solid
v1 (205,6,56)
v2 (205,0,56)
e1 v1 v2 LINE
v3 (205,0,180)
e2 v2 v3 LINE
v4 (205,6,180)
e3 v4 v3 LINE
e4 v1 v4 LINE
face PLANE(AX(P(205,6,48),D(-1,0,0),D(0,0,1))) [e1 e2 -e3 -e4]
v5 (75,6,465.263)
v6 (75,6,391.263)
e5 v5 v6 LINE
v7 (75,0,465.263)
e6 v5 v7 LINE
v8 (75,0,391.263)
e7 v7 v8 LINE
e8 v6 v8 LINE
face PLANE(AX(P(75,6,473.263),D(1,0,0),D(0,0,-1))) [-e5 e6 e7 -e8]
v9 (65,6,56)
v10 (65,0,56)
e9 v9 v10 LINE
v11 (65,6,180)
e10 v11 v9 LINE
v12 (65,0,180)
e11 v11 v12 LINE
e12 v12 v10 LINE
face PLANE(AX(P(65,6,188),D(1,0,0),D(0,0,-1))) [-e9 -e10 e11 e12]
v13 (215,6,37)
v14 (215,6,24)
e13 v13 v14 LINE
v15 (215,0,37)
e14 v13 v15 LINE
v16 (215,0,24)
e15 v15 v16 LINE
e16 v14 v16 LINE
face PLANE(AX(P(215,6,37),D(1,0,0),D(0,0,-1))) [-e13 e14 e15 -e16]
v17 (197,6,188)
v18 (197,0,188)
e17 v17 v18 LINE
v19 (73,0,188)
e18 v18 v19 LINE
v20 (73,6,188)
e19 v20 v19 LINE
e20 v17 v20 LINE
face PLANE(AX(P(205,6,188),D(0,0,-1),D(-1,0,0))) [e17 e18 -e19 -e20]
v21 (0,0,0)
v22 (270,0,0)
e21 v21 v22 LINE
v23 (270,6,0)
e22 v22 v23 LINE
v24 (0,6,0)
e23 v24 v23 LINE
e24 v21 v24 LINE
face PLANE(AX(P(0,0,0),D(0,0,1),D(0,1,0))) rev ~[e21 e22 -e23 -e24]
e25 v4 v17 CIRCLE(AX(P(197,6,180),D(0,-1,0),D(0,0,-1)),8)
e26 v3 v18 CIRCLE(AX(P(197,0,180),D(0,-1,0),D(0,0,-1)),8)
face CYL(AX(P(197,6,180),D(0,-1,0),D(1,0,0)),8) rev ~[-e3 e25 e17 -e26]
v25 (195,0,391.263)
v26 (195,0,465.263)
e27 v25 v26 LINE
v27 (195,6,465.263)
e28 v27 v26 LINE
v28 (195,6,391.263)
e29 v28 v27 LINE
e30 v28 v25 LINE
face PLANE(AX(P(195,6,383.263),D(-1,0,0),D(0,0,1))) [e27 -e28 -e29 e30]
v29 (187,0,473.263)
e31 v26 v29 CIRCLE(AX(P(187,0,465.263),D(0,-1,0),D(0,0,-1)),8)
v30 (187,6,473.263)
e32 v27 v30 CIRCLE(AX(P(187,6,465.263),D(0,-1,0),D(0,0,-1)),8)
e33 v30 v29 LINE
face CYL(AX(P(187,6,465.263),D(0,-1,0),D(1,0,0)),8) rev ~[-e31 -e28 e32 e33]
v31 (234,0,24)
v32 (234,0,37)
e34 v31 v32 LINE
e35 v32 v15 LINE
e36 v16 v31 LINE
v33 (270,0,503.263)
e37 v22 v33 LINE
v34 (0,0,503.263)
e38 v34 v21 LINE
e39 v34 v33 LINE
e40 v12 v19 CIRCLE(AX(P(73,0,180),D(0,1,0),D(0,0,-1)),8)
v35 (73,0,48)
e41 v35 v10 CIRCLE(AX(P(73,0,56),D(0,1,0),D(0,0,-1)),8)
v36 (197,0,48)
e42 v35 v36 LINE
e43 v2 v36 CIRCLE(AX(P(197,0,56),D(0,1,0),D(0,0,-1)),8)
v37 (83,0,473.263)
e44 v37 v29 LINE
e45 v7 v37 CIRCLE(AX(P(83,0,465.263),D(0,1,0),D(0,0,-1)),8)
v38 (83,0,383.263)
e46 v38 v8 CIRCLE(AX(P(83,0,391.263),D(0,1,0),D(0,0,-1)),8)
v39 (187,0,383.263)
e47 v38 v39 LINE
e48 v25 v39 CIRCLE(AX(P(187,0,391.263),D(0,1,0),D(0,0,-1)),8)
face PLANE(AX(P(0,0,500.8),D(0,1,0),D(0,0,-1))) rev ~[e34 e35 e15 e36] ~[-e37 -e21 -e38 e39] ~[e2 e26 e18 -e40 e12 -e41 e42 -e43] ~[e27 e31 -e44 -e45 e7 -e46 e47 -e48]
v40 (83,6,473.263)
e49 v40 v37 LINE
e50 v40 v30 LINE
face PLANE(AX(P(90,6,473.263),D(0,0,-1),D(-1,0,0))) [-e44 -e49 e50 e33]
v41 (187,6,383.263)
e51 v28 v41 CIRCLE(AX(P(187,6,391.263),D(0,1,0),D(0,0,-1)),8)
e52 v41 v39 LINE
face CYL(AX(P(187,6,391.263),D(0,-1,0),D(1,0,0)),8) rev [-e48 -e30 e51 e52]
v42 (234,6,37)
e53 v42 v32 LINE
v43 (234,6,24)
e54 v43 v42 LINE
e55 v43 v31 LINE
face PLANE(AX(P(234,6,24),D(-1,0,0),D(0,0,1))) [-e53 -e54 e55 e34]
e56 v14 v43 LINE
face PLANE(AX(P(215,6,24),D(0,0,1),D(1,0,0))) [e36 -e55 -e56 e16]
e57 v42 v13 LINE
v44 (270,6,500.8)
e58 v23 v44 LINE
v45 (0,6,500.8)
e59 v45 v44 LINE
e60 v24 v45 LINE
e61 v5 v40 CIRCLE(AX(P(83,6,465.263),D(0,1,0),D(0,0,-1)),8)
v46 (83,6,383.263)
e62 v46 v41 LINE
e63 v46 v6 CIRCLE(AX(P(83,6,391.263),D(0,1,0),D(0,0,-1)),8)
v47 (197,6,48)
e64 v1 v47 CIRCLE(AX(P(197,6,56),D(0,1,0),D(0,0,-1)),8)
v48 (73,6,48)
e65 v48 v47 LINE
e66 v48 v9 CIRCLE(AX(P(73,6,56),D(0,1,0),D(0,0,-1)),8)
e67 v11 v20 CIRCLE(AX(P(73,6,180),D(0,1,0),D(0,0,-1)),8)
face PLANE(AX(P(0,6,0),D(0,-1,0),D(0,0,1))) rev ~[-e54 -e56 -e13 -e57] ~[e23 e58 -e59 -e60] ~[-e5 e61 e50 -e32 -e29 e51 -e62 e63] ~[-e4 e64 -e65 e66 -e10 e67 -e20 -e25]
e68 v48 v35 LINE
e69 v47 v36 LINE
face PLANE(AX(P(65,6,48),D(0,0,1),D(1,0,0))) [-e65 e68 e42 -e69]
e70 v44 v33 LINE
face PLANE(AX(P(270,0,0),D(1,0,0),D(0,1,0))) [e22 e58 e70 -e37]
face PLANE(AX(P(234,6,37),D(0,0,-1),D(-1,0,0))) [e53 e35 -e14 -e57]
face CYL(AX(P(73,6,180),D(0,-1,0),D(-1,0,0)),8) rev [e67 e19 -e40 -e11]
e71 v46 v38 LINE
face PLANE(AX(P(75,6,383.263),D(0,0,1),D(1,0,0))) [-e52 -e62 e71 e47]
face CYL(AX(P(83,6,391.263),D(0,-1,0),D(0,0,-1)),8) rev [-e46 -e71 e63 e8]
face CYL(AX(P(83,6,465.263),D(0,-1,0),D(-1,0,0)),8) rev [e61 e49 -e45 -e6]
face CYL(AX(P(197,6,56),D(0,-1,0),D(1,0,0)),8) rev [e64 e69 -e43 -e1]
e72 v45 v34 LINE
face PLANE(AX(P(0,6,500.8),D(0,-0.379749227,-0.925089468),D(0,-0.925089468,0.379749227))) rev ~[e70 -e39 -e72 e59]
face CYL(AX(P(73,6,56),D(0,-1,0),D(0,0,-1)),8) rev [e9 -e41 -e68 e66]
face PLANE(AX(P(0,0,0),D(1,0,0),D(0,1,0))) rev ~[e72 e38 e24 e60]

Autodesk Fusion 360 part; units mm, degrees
sketch "Back Panel" plane through (0, 0, 0) normal (1, 0, 0) x (0, 1, 0)
  line L0 (0, 0) -> (6, 0)
  line L1 (6, 0) -> (6, 500.8)
  line L2 (0, 500.8) -> (0, 0)
  line L3 (0, 500.8) -> (0, 503.263)
  line L4 (6, 500.8) -> (0, 503.263)
  dimension "d8" = 6
  dimension "d9" = 500.8
  dimension "d10" = 2.463
  dimension "d11" = 112.318
extrude "Extrude2" add sketch "Back Panel" along normal blind 270
sketch "Switch Hole" plane through (0, 6, 0) normal (0, 1, 0) x (-1, 0, 0)
  line L0 (0, 0) -> (0, 500.8)
  line L1 (0, 500.8) -> (-270, 500.8)
  line L2 (-270, 500.8) -> (-270, 0)
  line L3 (-270, 0) -> (0, 0)
  line L4 (-234, 37) -> (-215, 37)
  line L5 (-215, 37) -> (-215, 24)
  line L6 (-215, 24) -> (-234, 24)
  line L7 (-234, 24) -> (-234, 37)
  dimension "d14" = 19
  dimension "d15" = 13
  dimension "d16" = 36
  dimension "d17" = 24
extrude "Extrude3" cut sketch "Switch Hole" against normal blind 6 contours L4 L5 L6 L7
sketch "Bottom Access Panel" plane through (0, 6, 0) normal (0, 1, 0) x (-1, 0, 0)
  line L0 (-215, 37) -> (-215, 24)
  line L1 (-215, 24) -> (-234, 24)
  line L2 (-234, 24) -> (-234, 37)
  line L3 (-234, 37) -> (-215, 37)
  line L4 (0, 0) -> (0, 500.8)
  line L5 (0, 500.8) -> (-270, 500.8)
  line L6 (-270, 500.8) -> (-270, 0)
  line L7 (-270, 0) -> (0, 0)
  line L8 (-205, 188) -> (-65, 188)
  line L9 (-65, 188) -> (-65, 48)
  line L10 (-65, 48) -> (-205, 48)
  line L11 (-205, 48) -> (-205, 188)
  dimension "d20" = 48
  dimension "d21" = 65
  dimension "d22" = 65
  dimension "d28" = 140
  dimension "d29" = 140
  dimension "d30" = 24
  dimension "d31" = 11
  dimension "d32" = 13
  dimension "d33" = 188
extrude "Extrude4" cut sketch "Bottom Access Panel" against normal blind 6 contours L8 L9 L10 L11
fillet "Fillet1" radius 8 4 edges at (65, 3, 188) (65, 3, 48) (205, 3, 48) (205, 3, 188)
sketch "Top Access Panel" plane through (0, 6, 0) normal (0, 1, 0) x (-1, 0, 0)
  line L0 (-65, 180) -> (-65, 56)
  arc A0 (-73, 48) -> (-65, 56) centre (-73, 56) ccw
  line L1 (-73, 48) -> (-197, 48)
  arc A1 (-205, 56) -> (-197, 48) centre (-197, 56) ccw
  line L2 (-205, 56) -> (-205, 180)
  arc A2 (-197, 188) -> (-205, 180) centre (-197, 180) ccw
  line L3 (-197, 188) -> (-73, 188)
  arc A3 (-65, 180) -> (-73, 188) centre (-73, 180) ccw
  line L4 (-215, 37) -> (-215, 24)
  line L5 (-215, 24) -> (-234, 24)
  line L6 (-234, 24) -> (-234, 37)
  line L7 (-234, 37) -> (-215, 37)
  line L8 (0, 0) -> (0, 500.8)
  line L9 (0, 500.8) -> (-270, 500.8)
  line L10 (-270, 500.8) -> (-270, 0)
  line L11 (-270, 0) -> (0, 0)
  line L12 (-195, 473.263) -> (-75, 473.263)
  line L13 (-75, 473.263) -> (-75, 383.263)
  line L14 (-75, 383.263) -> (-195, 383.263)
  line L15 (-195, 383.263) -> (-195, 473.263)
  line L16 (-180, 473.263) -> (-90, 473.263)
  line L17 (0, 503.263) -> (-270, 503.263)
  dimension "d34" = 120
  dimension "d35" = 140
  dimension "d36" = 75
  dimension "d37" = 75
  dimension "d38" = 65
  dimension "d39" = 65
  dimension "d45" = 90
  dimension "d49" = 30
extrude "Extrude5" cut sketch "Top Access Panel" against normal blind 6 contours L12 L13 L14 L15 L16
fillet "Fillet2" radius 8 4 edges at (75, 3, 473.263) (195, 3, 473.263) (195, 3, 383.263) (75, 3, 383.263)
equation "MDFThickness = 6 mm" comment "Thickness of the MDF board"
equation "d16 = ( 18 * 2 ) * 1 mm"
equation "d17 = ( 12 * 2 ) * 1 mm"
equation "d18 = -MDFThickness"
equation "d23 = -MDFThickness"
equation "filletRadius = 8 mm" comment "Radius to use for fillets"
equation "d27 = filletRadius"
equation "d36 = ( ( 270 - 120 ) / 2 ) * 1 mm"
equation "d51 = -MDFThickness"
equation "d54 = filletRadius"
